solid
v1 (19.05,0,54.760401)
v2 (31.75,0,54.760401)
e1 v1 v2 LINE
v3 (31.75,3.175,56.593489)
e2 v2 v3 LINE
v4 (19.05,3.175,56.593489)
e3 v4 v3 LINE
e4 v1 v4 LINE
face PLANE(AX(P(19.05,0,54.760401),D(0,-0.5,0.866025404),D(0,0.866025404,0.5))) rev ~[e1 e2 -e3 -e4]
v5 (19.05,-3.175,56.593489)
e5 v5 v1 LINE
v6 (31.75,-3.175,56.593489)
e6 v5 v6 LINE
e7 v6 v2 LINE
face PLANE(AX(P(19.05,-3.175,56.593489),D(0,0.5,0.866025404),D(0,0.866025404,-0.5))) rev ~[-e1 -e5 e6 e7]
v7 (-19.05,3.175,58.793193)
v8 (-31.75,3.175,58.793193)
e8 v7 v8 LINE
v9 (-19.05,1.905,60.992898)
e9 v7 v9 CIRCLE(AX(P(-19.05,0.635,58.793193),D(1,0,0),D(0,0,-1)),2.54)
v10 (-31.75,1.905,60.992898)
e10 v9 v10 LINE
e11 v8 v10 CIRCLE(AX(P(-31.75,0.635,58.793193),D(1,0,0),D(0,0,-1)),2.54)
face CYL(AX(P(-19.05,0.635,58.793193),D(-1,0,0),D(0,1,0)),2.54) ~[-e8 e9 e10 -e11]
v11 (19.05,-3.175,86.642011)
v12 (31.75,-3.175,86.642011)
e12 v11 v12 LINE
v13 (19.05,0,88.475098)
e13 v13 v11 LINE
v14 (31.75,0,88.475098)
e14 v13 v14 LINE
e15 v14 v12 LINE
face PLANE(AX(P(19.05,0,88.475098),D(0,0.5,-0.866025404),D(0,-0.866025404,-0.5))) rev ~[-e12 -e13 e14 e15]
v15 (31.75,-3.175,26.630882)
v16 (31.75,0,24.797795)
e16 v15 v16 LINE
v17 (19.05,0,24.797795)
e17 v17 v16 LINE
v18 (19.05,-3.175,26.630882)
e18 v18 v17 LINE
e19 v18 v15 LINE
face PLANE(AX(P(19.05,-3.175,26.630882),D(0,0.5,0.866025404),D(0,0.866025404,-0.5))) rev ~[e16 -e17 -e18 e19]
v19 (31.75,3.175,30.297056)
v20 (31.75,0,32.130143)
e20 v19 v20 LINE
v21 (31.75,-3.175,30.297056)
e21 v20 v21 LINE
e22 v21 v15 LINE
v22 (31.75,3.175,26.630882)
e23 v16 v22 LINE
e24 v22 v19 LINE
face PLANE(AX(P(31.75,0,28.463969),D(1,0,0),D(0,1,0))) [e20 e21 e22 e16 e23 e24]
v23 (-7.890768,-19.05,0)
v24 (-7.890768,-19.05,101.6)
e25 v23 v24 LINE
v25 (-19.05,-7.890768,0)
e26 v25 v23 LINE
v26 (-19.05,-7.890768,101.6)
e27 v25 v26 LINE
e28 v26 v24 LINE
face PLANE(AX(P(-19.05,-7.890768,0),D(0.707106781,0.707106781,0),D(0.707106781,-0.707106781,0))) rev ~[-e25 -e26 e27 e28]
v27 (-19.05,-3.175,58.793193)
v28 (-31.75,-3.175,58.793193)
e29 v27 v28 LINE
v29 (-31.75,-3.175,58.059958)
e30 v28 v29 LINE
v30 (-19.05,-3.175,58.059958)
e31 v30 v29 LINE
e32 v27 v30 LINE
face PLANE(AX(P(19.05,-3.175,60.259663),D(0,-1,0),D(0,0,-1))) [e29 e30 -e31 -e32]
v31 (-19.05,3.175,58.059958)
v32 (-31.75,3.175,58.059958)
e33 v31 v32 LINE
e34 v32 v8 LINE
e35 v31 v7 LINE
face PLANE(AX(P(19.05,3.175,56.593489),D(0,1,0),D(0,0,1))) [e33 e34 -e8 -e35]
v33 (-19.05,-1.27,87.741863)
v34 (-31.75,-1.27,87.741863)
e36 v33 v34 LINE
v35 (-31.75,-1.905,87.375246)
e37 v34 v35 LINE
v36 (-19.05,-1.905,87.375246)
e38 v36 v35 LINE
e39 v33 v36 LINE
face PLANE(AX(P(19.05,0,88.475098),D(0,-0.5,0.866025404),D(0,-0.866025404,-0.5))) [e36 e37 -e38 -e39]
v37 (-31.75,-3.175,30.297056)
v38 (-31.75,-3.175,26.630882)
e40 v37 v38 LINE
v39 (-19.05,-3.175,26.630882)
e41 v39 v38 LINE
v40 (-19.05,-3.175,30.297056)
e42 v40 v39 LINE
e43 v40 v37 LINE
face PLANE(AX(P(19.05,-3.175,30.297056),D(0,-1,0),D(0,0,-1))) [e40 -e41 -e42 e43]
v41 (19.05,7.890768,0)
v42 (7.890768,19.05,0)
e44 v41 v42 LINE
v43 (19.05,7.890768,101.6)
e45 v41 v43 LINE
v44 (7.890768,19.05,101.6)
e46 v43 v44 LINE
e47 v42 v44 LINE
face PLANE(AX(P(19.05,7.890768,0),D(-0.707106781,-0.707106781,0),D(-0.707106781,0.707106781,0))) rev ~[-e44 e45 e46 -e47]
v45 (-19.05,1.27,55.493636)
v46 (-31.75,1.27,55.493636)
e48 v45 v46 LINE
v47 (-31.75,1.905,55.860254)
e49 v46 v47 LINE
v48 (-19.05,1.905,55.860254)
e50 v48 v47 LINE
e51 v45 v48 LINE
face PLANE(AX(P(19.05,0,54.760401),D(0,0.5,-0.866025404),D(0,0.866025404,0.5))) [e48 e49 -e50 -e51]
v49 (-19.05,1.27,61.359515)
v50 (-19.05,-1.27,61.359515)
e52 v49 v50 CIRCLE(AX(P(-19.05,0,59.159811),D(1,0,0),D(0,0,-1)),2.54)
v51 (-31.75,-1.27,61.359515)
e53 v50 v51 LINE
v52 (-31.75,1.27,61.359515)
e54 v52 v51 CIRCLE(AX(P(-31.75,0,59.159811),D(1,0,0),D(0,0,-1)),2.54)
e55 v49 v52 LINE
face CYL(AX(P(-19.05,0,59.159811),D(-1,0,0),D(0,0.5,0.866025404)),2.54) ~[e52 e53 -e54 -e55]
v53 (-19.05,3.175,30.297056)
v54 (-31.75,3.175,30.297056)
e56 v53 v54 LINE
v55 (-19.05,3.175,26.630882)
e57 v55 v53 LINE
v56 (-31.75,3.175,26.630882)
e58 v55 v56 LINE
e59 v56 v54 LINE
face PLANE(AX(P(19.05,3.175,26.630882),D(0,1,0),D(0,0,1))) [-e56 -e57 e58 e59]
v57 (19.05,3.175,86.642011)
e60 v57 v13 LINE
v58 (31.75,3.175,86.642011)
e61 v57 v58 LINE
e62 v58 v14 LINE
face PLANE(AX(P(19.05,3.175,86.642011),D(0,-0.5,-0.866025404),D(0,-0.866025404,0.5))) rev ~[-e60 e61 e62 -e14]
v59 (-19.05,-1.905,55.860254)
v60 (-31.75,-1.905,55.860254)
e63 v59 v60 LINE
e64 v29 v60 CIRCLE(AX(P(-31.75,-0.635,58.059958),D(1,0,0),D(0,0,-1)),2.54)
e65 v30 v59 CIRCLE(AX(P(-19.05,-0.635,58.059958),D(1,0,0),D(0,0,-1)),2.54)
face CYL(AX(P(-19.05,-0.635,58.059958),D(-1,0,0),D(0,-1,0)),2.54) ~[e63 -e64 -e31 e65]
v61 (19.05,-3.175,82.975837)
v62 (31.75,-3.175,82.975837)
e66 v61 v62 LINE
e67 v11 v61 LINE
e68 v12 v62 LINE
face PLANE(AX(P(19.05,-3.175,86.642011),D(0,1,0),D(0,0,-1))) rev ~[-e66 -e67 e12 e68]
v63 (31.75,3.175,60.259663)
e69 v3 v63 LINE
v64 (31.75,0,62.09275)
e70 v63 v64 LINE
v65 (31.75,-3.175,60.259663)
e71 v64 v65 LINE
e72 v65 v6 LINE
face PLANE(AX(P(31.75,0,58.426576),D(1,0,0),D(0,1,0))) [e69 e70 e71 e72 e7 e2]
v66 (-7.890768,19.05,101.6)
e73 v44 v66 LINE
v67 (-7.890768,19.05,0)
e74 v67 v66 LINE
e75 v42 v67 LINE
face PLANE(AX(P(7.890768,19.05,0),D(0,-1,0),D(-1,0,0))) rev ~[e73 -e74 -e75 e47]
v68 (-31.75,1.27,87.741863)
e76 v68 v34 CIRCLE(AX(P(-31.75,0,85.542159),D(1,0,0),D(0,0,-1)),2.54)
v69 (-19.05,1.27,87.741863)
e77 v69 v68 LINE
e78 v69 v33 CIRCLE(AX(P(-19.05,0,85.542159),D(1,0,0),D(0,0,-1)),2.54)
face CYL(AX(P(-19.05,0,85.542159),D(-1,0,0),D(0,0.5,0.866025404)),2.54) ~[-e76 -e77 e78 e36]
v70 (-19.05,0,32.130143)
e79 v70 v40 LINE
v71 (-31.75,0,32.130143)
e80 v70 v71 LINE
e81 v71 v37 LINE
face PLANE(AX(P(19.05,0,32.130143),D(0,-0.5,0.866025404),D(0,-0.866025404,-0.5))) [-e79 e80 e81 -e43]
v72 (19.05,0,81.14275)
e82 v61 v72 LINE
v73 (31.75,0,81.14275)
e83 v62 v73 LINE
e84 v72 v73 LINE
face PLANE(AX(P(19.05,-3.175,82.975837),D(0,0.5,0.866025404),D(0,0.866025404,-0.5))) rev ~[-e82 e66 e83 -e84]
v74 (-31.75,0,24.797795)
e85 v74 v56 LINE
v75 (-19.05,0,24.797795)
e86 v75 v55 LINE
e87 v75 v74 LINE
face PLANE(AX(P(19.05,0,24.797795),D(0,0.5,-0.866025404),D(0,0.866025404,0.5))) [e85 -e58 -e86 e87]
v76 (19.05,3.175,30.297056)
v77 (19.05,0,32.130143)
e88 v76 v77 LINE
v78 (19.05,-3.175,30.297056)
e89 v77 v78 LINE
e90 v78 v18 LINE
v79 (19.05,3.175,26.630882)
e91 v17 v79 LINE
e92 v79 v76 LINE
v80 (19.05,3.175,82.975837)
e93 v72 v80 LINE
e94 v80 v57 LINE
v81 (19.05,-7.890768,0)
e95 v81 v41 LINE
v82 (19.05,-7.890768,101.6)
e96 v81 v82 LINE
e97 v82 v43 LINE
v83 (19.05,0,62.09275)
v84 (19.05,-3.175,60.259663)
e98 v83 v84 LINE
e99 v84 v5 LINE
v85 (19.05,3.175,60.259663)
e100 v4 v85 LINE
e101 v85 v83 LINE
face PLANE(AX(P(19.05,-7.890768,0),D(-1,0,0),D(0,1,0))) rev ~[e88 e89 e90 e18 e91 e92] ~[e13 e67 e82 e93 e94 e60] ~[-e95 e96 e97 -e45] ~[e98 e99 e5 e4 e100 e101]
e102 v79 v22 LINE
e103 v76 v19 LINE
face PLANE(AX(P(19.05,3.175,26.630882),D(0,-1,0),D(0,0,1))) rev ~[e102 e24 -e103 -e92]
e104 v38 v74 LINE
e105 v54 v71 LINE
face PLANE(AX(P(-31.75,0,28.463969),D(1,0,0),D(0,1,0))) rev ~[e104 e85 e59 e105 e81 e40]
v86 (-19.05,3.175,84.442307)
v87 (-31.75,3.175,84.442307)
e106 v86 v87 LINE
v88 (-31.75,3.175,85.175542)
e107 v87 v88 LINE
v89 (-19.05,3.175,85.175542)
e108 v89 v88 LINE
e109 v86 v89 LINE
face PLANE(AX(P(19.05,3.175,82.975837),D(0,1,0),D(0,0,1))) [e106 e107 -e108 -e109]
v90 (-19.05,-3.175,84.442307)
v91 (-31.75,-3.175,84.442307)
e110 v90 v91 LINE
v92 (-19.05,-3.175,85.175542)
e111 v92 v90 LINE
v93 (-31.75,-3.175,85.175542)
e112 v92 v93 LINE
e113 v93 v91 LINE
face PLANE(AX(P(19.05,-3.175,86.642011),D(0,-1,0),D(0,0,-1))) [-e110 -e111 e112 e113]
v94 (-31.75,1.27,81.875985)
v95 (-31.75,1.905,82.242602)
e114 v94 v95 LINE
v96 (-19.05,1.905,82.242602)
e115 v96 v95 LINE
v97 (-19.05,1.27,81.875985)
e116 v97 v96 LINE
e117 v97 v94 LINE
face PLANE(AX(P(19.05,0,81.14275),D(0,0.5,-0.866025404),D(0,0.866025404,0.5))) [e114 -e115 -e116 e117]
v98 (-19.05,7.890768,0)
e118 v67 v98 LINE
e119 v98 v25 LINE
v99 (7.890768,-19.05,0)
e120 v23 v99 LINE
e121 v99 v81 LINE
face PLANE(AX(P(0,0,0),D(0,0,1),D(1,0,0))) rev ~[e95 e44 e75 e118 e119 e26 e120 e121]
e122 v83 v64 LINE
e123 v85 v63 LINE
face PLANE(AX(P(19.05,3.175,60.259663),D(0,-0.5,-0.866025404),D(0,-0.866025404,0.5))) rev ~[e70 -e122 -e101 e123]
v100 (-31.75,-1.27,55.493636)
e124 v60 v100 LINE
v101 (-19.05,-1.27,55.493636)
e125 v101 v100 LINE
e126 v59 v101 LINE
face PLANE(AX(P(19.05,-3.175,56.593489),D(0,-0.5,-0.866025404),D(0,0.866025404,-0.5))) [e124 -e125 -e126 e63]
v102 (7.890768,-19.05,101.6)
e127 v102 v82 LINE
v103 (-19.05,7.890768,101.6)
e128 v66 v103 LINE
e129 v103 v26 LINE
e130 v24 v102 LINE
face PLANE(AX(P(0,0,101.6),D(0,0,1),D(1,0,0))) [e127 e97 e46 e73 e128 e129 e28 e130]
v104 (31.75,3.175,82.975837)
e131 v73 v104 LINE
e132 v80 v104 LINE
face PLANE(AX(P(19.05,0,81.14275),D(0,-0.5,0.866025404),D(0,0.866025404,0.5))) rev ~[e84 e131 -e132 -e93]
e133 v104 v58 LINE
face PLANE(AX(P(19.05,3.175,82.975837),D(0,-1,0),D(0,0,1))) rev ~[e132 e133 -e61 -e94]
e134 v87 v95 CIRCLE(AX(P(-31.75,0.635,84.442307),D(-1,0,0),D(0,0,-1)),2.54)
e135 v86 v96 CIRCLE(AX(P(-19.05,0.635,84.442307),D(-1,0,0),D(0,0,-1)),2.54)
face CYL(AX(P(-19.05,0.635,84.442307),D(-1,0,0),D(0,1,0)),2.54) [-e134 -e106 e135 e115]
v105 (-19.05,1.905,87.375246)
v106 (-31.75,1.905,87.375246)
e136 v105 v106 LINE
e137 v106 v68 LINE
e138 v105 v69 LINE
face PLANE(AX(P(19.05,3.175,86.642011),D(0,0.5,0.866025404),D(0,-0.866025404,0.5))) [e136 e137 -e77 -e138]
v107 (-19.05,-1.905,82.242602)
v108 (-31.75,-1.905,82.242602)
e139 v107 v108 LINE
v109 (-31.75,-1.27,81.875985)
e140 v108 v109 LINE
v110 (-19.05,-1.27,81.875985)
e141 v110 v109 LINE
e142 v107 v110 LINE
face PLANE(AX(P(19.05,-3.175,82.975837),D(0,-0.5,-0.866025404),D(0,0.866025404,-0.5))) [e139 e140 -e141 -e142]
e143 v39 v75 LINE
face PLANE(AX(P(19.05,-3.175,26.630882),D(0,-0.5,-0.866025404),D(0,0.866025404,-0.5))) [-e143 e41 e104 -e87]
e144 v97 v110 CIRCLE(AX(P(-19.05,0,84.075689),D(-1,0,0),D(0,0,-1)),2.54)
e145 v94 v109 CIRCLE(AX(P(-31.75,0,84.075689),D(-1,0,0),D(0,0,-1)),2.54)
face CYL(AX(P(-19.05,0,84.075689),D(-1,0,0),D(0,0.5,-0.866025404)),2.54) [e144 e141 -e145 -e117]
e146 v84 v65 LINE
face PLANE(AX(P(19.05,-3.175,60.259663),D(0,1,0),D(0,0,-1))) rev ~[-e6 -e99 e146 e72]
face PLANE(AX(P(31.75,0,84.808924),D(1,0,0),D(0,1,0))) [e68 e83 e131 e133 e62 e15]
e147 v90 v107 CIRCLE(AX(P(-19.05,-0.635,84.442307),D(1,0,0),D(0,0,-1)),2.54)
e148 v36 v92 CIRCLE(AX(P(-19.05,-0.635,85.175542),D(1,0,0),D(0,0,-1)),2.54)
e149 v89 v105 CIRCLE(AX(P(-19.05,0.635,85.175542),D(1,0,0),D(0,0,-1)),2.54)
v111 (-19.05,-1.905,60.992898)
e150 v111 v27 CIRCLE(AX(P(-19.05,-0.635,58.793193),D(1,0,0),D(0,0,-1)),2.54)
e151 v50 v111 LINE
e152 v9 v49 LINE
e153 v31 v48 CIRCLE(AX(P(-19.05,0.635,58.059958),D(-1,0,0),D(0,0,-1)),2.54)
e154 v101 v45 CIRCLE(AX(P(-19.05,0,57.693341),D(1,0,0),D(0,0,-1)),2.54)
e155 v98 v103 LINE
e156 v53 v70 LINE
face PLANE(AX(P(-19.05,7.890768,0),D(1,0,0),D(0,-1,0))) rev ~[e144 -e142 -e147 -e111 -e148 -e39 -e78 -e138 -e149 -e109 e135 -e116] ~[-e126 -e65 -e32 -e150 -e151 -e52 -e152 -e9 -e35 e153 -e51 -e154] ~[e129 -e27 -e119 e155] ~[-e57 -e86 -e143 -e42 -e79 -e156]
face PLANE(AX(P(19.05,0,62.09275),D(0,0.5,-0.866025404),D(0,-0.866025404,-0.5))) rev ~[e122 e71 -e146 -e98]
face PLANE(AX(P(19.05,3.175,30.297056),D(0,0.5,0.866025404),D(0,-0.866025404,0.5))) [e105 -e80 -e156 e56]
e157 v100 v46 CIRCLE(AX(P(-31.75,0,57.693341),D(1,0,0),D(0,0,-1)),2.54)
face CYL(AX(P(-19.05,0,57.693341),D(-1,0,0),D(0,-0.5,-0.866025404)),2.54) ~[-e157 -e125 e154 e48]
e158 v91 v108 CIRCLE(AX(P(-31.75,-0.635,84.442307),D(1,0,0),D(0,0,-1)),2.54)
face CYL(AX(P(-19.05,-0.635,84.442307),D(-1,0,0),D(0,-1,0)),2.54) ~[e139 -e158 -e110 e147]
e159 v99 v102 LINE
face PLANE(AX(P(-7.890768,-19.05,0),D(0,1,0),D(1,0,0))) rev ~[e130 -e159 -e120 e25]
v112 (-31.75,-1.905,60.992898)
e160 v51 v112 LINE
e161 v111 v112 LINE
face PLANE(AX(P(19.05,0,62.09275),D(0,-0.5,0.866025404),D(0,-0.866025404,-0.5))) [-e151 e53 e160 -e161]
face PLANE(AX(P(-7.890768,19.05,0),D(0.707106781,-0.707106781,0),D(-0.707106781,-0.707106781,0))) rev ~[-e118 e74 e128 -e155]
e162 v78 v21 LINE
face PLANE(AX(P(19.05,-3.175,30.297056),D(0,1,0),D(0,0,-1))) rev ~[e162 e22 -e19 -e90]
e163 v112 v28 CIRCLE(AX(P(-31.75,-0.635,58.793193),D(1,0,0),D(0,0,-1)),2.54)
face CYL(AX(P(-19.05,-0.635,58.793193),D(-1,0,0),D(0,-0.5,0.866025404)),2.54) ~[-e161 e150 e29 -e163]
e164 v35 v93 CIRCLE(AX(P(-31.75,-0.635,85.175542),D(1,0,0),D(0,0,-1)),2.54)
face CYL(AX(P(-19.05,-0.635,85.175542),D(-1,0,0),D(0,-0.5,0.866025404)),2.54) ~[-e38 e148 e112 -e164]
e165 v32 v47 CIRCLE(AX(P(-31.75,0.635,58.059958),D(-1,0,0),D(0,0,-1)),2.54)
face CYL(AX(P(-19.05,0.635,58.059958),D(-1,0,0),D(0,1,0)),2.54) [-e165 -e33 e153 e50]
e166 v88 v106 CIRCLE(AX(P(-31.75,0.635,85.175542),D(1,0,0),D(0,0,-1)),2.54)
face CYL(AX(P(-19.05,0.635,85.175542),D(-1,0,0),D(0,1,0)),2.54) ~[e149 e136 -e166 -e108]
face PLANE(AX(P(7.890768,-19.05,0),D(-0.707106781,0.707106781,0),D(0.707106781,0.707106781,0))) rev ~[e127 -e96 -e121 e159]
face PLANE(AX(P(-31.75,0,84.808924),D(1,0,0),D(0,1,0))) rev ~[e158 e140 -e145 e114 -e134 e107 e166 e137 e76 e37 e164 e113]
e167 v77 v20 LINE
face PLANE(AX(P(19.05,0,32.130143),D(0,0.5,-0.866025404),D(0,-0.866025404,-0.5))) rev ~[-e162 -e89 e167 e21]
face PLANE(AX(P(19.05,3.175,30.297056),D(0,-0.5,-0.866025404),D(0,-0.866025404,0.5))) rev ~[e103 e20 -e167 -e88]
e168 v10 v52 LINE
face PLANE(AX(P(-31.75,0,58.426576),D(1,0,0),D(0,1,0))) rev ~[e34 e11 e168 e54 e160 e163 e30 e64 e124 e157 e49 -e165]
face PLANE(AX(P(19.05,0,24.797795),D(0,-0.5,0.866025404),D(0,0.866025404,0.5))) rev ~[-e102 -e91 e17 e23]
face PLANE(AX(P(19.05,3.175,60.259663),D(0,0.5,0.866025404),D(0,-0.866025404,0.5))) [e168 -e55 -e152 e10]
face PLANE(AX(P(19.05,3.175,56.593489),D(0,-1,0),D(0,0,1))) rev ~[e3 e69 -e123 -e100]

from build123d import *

# Parameters (mm, degrees)
F1_DEPTH      = 101.6
F3_DEPTH      = 12.7
F3_DEPTH_BACK = 50.8
F4_R          = 2.54
F5_R          = 2.54


with BuildPart() as f1:
    # F0 (on Top) → F1 (new body)
    with BuildSketch(Plane.XY):
        Polygon((19.05, -7.8907683632), (19.05, 7.8907683632), (7.8907683632, 19.05), (-7.8907683632, 19.05), (-19.05, 7.8907683632), (-19.05, -7.8907683632), (-7.8907683632, -19.05), (7.8907683632, -19.05), align=None)
    extrude(amount=F1_DEPTH)

    # F2 (on face) → F3 (join, two sides)
    with BuildSketch(Plane.YZ.offset(19.05)) as f3_sk:
        Polygon((3.175, 82.9758370032), (3.175, 86.6420112126), (0, 88.4750983173), (-3.175, 86.6420112126), (-3.175, 82.9758370032), (0, 81.1427498985), align=None)
        Polygon((3.175, 56.5934885845), (3.175, 60.2596627939), (0, 62.0927498985), (-3.175, 60.2596627939), (-3.175, 56.5934885845), (0, 54.7604014798), align=None)
        Polygon((3.175, 26.6308819025), (3.175, 30.2970561118), (0, 32.1301432165), (-3.175, 30.2970561118), (-3.175, 26.6308819025), (0, 24.7977947978), align=None)
    extrude(amount=F3_DEPTH)
    extrude(f3_sk.sketch, amount=-F3_DEPTH_BACK)

    # F4
    f4_edges = [f1.edges().sort_by_distance(p)[0] for p in [
        (-25.4, 3.175, 86.642011),
        (-25.4, 3.175, 82.975837),
        (-25.4, 0, 81.14275),
        (-25.4, -3.175, 82.975837),
        (-25.4, -3.175, 86.642011),
        (-25.4, 0, 88.475098),
    ]]
    fillet(f4_edges, radius=F4_R)

    # F5
    f5_edges = [f1.edges().sort_by_distance(p)[0] for p in [
        (-25.4, 0, 62.09275),
        (-25.4, -3.175, 56.593489),
        (-25.4, 0, 54.760401),
        (-25.4, 3.175, 56.593489),
        (-25.4, 3.175, 60.259663),
        (-25.4, -3.175, 60.259663),
    ]]
    fillet(f5_edges, radius=F5_R)


solid = f1.part
